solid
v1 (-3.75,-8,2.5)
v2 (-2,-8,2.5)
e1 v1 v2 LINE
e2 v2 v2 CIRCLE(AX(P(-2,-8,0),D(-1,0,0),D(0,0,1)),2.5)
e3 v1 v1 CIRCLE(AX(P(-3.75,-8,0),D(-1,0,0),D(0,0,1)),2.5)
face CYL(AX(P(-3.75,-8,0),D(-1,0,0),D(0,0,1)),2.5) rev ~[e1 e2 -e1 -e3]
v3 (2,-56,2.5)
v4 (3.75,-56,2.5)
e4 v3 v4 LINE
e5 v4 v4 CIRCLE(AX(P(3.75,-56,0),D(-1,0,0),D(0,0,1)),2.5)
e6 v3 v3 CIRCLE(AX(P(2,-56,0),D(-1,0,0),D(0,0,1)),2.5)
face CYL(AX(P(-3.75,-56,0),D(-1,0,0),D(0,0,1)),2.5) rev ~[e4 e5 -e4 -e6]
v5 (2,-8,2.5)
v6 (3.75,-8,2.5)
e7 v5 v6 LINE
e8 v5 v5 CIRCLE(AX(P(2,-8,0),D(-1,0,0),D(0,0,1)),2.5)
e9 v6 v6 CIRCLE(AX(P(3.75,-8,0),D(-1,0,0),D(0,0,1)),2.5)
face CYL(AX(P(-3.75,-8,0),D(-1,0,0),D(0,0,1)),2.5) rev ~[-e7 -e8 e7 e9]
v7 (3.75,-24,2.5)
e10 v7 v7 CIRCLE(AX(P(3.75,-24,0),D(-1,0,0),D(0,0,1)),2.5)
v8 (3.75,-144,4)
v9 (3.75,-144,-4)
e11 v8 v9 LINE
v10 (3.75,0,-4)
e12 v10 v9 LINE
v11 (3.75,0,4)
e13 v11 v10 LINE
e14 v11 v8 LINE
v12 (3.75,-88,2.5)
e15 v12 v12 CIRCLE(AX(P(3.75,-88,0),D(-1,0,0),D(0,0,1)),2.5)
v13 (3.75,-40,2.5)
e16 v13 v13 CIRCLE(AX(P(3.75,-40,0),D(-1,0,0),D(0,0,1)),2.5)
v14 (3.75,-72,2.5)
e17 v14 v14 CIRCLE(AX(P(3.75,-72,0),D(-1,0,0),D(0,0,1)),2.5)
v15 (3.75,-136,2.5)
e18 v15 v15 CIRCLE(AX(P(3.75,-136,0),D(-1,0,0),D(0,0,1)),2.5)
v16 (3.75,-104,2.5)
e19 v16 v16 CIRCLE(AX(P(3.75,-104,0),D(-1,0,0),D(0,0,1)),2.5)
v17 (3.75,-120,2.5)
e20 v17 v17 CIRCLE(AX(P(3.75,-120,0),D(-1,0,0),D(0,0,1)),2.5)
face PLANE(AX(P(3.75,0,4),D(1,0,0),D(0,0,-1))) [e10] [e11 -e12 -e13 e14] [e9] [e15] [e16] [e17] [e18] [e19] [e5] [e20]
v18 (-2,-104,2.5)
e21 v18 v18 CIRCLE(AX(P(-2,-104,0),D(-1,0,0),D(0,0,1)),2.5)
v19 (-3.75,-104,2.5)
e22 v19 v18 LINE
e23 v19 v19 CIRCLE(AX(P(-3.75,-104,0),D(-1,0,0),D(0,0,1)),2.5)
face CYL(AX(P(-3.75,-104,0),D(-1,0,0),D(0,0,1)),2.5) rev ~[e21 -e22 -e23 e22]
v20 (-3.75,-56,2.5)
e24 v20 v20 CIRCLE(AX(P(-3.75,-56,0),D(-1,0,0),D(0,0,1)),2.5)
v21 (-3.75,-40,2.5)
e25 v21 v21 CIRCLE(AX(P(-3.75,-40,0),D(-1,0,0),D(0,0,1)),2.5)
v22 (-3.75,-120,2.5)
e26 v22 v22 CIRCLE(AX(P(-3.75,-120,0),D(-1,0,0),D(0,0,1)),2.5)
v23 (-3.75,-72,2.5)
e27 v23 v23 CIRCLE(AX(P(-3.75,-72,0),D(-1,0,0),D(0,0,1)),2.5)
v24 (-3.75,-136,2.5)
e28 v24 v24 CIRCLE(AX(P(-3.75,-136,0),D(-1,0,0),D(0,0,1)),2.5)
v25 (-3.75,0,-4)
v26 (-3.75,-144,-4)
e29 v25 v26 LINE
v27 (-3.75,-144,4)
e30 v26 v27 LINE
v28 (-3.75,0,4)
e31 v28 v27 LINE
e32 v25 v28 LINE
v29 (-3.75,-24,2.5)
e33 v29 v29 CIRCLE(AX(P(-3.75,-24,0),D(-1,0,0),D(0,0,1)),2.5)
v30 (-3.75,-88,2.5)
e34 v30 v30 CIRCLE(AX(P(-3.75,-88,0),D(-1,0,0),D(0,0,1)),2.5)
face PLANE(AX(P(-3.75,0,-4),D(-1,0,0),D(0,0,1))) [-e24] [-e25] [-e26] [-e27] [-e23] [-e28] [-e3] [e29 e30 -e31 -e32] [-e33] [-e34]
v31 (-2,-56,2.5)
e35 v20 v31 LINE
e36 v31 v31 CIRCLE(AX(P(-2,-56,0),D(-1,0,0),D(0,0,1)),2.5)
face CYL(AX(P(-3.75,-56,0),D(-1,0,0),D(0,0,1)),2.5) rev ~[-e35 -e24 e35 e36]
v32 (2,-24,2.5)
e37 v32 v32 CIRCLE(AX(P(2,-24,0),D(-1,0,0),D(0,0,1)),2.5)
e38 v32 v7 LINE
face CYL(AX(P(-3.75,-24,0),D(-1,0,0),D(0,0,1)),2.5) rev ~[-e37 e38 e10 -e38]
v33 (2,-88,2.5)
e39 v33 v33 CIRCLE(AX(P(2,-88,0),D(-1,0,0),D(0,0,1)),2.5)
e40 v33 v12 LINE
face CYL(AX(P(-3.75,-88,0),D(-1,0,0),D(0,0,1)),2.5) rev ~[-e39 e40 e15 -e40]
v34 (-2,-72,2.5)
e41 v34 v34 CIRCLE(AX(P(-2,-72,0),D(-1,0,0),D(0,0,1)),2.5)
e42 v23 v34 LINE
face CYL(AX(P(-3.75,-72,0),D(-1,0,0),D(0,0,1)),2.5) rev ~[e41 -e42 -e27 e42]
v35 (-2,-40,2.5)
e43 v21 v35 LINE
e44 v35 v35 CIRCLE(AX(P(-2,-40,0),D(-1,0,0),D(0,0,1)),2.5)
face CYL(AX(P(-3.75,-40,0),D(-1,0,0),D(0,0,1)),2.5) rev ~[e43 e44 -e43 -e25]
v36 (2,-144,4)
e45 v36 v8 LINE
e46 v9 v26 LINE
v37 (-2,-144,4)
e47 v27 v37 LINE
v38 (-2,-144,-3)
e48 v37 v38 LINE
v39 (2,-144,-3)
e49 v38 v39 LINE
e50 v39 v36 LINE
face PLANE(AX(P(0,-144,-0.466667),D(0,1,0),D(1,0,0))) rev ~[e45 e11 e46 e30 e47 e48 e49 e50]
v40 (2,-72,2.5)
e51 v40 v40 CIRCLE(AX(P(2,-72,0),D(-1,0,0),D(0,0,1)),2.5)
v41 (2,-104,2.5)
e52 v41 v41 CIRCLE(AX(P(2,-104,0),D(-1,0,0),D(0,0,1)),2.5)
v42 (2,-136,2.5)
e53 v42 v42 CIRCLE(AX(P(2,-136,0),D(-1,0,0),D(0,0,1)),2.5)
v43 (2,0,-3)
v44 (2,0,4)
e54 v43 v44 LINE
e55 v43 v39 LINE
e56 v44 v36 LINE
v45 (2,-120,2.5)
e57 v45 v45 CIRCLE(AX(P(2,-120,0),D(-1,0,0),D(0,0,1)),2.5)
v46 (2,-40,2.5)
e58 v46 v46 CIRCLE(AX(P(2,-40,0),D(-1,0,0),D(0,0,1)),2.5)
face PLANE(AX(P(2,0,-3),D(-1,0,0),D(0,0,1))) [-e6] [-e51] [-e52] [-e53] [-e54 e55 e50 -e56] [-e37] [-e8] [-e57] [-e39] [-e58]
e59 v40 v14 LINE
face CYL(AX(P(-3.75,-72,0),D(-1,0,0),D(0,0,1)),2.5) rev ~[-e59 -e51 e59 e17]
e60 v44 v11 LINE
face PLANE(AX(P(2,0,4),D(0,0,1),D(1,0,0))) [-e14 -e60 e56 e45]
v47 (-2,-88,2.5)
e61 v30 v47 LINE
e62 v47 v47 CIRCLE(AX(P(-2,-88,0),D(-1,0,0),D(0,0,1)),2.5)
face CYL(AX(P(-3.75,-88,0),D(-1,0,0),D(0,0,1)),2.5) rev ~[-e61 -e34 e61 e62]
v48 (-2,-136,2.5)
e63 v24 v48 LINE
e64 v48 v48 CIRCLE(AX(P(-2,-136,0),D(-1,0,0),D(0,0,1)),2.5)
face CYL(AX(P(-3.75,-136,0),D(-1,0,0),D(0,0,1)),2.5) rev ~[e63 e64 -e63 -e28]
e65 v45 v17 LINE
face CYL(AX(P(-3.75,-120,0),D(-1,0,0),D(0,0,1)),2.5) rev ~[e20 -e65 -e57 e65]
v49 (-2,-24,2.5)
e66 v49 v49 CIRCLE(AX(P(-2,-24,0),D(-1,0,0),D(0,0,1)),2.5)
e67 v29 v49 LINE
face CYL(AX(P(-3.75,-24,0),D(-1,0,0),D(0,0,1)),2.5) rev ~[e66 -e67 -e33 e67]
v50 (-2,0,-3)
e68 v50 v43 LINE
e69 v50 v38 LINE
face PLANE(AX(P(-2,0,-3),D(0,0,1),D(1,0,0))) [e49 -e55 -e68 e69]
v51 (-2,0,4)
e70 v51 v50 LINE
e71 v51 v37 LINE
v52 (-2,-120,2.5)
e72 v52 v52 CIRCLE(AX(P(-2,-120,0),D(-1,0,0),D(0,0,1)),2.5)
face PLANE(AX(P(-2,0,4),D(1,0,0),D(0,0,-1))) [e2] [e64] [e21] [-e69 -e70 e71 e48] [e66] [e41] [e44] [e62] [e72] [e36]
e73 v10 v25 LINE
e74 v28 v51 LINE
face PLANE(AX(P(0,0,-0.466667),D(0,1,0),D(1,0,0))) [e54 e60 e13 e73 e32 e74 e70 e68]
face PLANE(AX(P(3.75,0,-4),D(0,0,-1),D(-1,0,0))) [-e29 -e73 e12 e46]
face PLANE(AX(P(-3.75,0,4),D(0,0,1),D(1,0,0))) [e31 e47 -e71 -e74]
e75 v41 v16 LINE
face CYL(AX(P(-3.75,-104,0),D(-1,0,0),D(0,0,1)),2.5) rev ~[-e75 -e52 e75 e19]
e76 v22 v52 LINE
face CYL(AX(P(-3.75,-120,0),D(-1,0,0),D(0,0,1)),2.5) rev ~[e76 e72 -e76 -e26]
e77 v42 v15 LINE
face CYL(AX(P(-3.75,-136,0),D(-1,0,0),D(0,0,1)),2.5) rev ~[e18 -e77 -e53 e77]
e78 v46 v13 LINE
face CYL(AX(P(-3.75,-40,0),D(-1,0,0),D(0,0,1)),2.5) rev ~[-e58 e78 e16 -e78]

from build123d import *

# Parameters (mm, degrees)
BASE_DEPTH  = 144
ESQUISSE2_R = 2.5
TROU_DEPTH  = 145.250649912


with BuildPart() as part:
    # Esquisse1 → Base (new body)
    with BuildSketch(Plane(origin=(0, 0, 0), x_dir=(1, 0, 0), z_dir=(0, 1, 0))):
        Polygon((-2, -4), (-2, 3), (2, 3), (2, -4), (3.75, -4), (3.75, 4), (-3.75, 4), (-3.75, -4), align=None)
    extrude(amount=-BASE_DEPTH)

    # Esquisse2 → Trou (cut, through all)
    with BuildSketch(Plane.ZY.offset(3.75)):
        with Locations((0, -8)):
            Circle(ESQUISSE2_R)
        with Locations((0, -24)):
            Circle(ESQUISSE2_R)
        with Locations((0, -40)):
            Circle(ESQUISSE2_R)
        with Locations((0, -56)):
            Circle(ESQUISSE2_R)
        with Locations((0, -72)):
            Circle(ESQUISSE2_R)
        with Locations((0, -88)):
            Circle(ESQUISSE2_R)
        with Locations((0, -104)):
            Circle(ESQUISSE2_R)
        with Locations((0, -120)):
            Circle(ESQUISSE2_R)
        with Locations((0, -136)):
            Circle(ESQUISSE2_R)
    extrude(amount=-TROU_DEPTH, mode=Mode.SUBTRACT)


solid = part.part
